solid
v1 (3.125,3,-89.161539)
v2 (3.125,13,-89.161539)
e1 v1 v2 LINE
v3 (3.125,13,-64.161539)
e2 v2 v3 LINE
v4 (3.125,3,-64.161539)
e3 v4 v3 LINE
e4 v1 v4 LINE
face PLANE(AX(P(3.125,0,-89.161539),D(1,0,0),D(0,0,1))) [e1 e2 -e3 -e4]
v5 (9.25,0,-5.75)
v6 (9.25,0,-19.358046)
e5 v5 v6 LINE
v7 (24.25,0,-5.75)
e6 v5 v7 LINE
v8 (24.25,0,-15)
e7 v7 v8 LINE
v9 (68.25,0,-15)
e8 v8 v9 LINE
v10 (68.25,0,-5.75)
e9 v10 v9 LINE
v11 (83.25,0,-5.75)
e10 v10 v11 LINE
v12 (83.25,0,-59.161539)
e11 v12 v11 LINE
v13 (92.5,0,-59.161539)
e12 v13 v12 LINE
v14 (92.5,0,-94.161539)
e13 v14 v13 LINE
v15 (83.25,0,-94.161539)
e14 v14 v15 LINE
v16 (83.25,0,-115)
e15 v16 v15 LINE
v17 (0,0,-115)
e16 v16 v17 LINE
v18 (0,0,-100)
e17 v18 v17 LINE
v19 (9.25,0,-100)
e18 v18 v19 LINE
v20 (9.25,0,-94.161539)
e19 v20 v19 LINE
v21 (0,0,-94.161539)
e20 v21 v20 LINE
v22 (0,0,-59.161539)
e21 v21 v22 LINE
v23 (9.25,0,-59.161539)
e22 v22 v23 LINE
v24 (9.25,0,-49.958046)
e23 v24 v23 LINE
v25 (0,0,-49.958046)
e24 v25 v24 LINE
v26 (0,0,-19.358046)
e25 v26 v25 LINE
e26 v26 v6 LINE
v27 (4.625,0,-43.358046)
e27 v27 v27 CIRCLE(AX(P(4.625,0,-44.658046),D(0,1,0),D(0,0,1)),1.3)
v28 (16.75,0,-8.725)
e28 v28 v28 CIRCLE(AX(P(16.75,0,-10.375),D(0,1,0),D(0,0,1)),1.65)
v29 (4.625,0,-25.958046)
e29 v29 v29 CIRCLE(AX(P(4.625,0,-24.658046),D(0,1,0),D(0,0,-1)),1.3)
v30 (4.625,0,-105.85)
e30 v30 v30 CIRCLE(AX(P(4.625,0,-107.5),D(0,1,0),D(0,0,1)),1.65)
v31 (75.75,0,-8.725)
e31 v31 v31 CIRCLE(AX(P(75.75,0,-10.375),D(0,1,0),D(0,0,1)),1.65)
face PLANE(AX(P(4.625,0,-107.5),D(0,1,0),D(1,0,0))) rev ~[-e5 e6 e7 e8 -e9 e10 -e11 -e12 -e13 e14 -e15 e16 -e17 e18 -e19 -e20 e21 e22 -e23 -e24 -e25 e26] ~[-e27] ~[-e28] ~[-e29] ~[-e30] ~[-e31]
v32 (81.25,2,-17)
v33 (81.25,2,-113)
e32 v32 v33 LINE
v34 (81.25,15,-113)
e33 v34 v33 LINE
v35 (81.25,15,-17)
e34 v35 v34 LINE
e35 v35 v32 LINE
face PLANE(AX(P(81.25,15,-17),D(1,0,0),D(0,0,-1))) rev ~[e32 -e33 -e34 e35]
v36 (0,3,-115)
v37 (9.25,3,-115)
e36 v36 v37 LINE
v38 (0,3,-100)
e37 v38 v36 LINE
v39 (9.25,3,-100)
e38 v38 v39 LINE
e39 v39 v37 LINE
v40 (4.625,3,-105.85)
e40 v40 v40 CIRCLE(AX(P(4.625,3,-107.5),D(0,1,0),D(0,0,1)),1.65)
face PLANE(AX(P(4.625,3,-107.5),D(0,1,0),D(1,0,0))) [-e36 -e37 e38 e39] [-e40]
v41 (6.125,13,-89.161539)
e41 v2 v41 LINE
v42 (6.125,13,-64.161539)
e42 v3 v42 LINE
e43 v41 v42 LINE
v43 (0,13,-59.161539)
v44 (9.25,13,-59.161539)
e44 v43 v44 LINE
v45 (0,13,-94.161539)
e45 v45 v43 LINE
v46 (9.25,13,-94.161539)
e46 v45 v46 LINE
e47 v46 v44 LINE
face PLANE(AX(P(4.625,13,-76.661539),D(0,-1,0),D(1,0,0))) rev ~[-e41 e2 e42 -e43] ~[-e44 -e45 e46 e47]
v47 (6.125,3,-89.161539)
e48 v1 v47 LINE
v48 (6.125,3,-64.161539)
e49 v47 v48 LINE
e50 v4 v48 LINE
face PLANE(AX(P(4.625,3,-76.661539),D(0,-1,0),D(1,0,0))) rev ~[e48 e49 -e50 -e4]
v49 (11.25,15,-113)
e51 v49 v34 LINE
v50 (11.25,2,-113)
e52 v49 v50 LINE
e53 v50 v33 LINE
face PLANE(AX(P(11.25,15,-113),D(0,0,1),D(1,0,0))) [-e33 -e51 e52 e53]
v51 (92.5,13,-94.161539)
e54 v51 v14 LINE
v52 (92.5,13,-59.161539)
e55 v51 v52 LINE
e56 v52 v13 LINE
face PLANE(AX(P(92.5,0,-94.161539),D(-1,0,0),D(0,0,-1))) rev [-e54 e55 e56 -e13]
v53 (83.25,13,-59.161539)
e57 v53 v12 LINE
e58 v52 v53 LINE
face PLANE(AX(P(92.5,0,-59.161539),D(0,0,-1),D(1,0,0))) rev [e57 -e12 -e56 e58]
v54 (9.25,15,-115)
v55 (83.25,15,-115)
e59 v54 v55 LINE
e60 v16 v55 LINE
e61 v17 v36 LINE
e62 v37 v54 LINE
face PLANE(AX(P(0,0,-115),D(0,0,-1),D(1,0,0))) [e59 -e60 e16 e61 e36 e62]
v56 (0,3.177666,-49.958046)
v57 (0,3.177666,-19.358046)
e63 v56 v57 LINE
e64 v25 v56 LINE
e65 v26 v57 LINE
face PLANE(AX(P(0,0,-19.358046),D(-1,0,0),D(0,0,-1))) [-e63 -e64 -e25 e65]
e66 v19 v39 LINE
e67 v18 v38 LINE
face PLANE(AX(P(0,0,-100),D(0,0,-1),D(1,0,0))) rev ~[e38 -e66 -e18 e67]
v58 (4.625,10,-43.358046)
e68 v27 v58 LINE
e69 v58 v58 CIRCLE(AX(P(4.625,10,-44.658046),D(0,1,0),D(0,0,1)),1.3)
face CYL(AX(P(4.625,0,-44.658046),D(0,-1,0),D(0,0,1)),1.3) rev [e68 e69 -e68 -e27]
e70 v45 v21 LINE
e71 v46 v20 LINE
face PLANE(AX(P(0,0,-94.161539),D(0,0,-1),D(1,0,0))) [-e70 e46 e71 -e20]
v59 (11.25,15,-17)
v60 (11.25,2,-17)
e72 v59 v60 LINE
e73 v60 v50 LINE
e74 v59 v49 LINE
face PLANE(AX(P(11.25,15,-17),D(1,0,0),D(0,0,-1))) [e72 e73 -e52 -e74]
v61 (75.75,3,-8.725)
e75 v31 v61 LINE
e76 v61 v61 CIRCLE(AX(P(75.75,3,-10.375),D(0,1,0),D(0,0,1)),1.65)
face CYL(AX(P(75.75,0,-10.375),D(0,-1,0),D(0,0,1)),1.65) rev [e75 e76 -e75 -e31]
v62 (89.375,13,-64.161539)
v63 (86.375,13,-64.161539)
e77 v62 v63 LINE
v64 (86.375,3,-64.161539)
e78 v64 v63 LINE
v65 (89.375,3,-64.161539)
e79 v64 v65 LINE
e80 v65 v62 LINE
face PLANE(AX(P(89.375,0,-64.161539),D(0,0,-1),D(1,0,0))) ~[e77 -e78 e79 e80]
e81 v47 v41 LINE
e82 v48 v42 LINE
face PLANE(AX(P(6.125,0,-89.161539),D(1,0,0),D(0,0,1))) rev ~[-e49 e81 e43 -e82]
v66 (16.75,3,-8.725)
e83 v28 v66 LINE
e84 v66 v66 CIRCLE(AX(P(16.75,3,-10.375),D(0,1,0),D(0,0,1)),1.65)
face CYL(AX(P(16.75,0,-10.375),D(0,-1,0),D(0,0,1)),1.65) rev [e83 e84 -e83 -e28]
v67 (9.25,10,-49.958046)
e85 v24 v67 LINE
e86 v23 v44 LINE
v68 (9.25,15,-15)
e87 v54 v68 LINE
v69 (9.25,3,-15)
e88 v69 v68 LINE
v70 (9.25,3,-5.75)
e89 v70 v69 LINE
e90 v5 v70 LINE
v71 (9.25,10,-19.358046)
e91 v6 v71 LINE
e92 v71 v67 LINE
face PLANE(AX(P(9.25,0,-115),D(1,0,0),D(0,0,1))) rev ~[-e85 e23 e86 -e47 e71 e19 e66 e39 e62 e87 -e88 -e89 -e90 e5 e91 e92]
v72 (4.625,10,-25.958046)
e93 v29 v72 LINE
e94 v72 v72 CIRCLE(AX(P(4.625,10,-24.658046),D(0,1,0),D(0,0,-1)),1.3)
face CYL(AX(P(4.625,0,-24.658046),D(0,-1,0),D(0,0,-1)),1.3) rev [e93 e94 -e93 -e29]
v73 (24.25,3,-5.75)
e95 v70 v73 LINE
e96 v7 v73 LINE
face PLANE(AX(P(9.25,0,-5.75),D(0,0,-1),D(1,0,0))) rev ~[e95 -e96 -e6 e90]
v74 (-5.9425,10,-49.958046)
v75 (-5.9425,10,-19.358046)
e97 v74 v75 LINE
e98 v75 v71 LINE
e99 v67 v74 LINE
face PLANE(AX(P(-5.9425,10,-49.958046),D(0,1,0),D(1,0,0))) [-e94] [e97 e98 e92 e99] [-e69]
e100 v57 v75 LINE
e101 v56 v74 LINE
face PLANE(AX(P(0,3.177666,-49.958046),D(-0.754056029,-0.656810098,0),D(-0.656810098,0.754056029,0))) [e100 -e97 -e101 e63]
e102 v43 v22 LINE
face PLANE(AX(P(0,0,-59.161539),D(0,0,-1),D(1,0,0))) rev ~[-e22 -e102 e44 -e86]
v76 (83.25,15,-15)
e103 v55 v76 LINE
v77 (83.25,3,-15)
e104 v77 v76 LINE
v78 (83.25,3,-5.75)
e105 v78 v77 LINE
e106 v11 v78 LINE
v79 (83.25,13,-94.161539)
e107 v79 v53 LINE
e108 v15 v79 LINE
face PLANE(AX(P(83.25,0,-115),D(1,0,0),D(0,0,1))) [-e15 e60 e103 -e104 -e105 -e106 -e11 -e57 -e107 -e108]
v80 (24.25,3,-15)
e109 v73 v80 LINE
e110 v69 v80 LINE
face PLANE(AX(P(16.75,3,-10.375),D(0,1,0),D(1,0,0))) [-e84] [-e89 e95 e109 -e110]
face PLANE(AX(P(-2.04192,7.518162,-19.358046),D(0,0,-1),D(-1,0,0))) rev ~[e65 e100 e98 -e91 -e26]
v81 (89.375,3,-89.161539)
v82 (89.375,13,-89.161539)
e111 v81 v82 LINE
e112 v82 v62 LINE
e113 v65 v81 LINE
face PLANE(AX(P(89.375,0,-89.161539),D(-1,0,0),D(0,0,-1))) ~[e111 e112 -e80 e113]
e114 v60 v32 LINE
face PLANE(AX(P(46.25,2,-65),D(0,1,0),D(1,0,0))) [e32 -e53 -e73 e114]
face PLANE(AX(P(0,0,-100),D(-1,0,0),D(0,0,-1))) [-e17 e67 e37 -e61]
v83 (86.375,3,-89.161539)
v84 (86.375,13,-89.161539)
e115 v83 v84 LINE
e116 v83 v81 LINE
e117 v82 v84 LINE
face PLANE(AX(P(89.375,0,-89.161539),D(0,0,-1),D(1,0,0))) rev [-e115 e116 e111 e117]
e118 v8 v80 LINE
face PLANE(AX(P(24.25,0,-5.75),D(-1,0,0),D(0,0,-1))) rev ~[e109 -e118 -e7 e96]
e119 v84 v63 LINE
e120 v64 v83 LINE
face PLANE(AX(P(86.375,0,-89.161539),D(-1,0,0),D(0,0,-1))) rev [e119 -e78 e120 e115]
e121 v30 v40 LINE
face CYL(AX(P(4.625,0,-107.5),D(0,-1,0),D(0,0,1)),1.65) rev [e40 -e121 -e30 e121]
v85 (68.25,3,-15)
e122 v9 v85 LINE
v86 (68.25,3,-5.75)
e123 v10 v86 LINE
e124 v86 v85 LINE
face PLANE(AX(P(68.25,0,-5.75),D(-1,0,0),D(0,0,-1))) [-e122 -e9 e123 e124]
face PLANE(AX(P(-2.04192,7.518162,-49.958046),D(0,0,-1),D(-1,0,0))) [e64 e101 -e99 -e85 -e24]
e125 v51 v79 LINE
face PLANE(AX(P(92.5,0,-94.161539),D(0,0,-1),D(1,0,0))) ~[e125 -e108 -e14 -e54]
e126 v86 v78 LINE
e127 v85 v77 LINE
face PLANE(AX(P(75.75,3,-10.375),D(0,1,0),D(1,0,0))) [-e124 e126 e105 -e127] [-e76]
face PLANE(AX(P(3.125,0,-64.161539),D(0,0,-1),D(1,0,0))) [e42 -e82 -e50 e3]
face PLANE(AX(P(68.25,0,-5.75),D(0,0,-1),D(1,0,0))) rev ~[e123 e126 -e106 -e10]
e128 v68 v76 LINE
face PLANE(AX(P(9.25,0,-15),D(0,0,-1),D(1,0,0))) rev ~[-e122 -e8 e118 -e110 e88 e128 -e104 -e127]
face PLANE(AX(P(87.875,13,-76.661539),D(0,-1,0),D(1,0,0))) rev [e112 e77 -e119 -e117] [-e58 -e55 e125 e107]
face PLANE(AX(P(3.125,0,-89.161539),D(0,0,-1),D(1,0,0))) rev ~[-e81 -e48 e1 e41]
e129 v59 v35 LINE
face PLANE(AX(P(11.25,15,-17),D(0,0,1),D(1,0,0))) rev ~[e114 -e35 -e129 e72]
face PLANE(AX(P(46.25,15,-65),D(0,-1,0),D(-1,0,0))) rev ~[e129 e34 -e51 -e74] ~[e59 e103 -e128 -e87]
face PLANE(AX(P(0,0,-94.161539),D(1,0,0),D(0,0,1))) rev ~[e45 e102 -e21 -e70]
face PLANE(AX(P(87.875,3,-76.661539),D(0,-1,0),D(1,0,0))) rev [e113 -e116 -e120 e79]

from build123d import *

# Parameters (mm, degrees)
BOSS_EXTRUDE1_DEPTH = 15
SKETCH2_3_W         = 9.25
SKETCH2_3_H         = 15
SKETCH2_3_R         = 1.65
SKETCH2_3_W_2       = 15
SKETCH2_3_H_2       = 9.25
BOSS_EXTRUDE2_DEPTH = 3
SKETCH3_W           = 70
SKETCH3_H           = 96
CUT_EXTRUDE1_DEPTH  = 13
SKETCH5_W           = 9.25
SKETCH5_H           = 30.6
SKETCH5_R           = 1.3
BOSS_EXTRUDE4_DEPTH = 10
BOSS_EXTRUDE5_DEPTH = 30.6
SKETCH9_W           = 9.25
SKETCH9_H           = 35
BOSS_EXTRUDE6_DEPTH = 3
SKETCH9_4_W         = 9.25
SKETCH9_4_H         = 35
SKETCH9_4_W_2       = 3
SKETCH9_4_H_2       = 25
BOSS_EXTRUDE7_DEPTH = 13


with BuildPart() as part:
    # Sketch2 → Boss-Extrude1 (new body)
    with BuildSketch(Plane(origin=(0, 0, 0), x_dir=(1, 0, 0), z_dir=(0, 1, 0))):
        Polygon((9.25, 100), (9.25, 115), (83.25, 115), (83.25, 15), (68.25, 15), (24.25, 15), (9.25, 15), align=None)
    extrude(amount=BOSS_EXTRUDE1_DEPTH)

    # Sketch2<3> → Boss-Extrude2 (add)
    # profile 1 of 3: a face of its own
    with BuildSketch(Plane(origin=(0, 0, 0), x_dir=(1, 0, 0), z_dir=(0, 1, 0))):
        with Locations((4.625, 107.5)):
            Rectangle(SKETCH2_3_W, SKETCH2_3_H)
        with Locations(Location((4.625, 107.5, 0), (0, 0, 270))):
            Circle(SKETCH2_3_R, mode=Mode.SUBTRACT)
    # profile 2 of 3: a face of its own
    with BuildSketch(Plane(origin=(0, 0, 0), x_dir=(1, 0, 0), z_dir=(0, 1, 0))):
        with Locations((16.75, 10.375)):
            Rectangle(SKETCH2_3_W_2, SKETCH2_3_H_2)
        with Locations(Location((16.75, 10.375, 0), (0, 0, 270))):
            Circle(SKETCH2_3_R, mode=Mode.SUBTRACT)
    # profile 3 of 3: a face of its own
    with BuildSketch(Plane(origin=(0, 0, 0), x_dir=(1, 0, 0), z_dir=(0, 1, 0))):
        with Locations((75.75, 10.375)):
            Rectangle(SKETCH2_3_W_2, SKETCH2_3_H_2)
        with Locations(Location((75.75, 10.375, 0), (0, 0, 270))):
            Circle(SKETCH2_3_R, mode=Mode.SUBTRACT)
    extrude(amount=BOSS_EXTRUDE2_DEPTH)

    # Sketch3 → Cut-Extrude1 (cut)
    with BuildSketch(Plane(origin=(0, 15, 0), x_dir=(1, 0, 0), z_dir=(0, 1, 0))):
        with Locations((46.25, 65)):
            Rectangle(SKETCH3_W, SKETCH3_H)
    extrude(amount=-CUT_EXTRUDE1_DEPTH, mode=Mode.SUBTRACT)

    # Sketch5 → Boss-Extrude4 (add)
    with BuildSketch(Plane(origin=(0, 0, 0), x_dir=(1, 0, 0), z_dir=(0, 1, 0))):
        with Locations((4.625, 34.658045924)):
            Rectangle(SKETCH5_W, SKETCH5_H)
        with Locations(Location((4.625, 44.658045924, 0), (0, 0, 270))):
            Circle(SKETCH5_R, mode=Mode.SUBTRACT)
        with Locations(Location((4.625, 24.658045924, 0), (0, 0, 90))):
            Circle(SKETCH5_R, mode=Mode.SUBTRACT)
    extrude(amount=BOSS_EXTRUDE4_DEPTH)

    # Sketch6 → Boss-Extrude5 (add)
    with BuildSketch(Plane(origin=(0, 0, -49.958045924), x_dir=(-1, 0, 0), z_dir=(0, 0, -1))):
        Polygon((0, 3.177665999), (5.942499885, 10), (0, 10), align=None)
    extrude(amount=-BOSS_EXTRUDE5_DEPTH)

    # Sketch9 → Boss-Extrude6 (add)
    with BuildSketch(Plane.XZ):
        with Locations((4.625, -76.661539041)):
            Rectangle(SKETCH9_W, SKETCH9_H)
    boss_extrude6 = extrude(amount=-BOSS_EXTRUDE6_DEPTH)

    # Sketch9<4> → Boss-Extrude7 (add)
    with BuildSketch(Plane.XZ):
        with Locations((4.625, -76.661539041)):
            Rectangle(SKETCH9_4_W, SKETCH9_4_H)
        with Locations((4.625, -76.661539041)):
            Rectangle(SKETCH9_4_W_2, SKETCH9_4_H_2, mode=Mode.SUBTRACT)
    boss_extrude7 = extrude(amount=-BOSS_EXTRUDE7_DEPTH)

    # Mirror1: Boss-Extrude6, Boss-Extrude7 across plane
    add(boss_extrude6.mirror(Plane.ZY.offset(-46.25)))
    add(boss_extrude7.mirror(Plane.ZY.offset(-46.25)))


solid = part.part
